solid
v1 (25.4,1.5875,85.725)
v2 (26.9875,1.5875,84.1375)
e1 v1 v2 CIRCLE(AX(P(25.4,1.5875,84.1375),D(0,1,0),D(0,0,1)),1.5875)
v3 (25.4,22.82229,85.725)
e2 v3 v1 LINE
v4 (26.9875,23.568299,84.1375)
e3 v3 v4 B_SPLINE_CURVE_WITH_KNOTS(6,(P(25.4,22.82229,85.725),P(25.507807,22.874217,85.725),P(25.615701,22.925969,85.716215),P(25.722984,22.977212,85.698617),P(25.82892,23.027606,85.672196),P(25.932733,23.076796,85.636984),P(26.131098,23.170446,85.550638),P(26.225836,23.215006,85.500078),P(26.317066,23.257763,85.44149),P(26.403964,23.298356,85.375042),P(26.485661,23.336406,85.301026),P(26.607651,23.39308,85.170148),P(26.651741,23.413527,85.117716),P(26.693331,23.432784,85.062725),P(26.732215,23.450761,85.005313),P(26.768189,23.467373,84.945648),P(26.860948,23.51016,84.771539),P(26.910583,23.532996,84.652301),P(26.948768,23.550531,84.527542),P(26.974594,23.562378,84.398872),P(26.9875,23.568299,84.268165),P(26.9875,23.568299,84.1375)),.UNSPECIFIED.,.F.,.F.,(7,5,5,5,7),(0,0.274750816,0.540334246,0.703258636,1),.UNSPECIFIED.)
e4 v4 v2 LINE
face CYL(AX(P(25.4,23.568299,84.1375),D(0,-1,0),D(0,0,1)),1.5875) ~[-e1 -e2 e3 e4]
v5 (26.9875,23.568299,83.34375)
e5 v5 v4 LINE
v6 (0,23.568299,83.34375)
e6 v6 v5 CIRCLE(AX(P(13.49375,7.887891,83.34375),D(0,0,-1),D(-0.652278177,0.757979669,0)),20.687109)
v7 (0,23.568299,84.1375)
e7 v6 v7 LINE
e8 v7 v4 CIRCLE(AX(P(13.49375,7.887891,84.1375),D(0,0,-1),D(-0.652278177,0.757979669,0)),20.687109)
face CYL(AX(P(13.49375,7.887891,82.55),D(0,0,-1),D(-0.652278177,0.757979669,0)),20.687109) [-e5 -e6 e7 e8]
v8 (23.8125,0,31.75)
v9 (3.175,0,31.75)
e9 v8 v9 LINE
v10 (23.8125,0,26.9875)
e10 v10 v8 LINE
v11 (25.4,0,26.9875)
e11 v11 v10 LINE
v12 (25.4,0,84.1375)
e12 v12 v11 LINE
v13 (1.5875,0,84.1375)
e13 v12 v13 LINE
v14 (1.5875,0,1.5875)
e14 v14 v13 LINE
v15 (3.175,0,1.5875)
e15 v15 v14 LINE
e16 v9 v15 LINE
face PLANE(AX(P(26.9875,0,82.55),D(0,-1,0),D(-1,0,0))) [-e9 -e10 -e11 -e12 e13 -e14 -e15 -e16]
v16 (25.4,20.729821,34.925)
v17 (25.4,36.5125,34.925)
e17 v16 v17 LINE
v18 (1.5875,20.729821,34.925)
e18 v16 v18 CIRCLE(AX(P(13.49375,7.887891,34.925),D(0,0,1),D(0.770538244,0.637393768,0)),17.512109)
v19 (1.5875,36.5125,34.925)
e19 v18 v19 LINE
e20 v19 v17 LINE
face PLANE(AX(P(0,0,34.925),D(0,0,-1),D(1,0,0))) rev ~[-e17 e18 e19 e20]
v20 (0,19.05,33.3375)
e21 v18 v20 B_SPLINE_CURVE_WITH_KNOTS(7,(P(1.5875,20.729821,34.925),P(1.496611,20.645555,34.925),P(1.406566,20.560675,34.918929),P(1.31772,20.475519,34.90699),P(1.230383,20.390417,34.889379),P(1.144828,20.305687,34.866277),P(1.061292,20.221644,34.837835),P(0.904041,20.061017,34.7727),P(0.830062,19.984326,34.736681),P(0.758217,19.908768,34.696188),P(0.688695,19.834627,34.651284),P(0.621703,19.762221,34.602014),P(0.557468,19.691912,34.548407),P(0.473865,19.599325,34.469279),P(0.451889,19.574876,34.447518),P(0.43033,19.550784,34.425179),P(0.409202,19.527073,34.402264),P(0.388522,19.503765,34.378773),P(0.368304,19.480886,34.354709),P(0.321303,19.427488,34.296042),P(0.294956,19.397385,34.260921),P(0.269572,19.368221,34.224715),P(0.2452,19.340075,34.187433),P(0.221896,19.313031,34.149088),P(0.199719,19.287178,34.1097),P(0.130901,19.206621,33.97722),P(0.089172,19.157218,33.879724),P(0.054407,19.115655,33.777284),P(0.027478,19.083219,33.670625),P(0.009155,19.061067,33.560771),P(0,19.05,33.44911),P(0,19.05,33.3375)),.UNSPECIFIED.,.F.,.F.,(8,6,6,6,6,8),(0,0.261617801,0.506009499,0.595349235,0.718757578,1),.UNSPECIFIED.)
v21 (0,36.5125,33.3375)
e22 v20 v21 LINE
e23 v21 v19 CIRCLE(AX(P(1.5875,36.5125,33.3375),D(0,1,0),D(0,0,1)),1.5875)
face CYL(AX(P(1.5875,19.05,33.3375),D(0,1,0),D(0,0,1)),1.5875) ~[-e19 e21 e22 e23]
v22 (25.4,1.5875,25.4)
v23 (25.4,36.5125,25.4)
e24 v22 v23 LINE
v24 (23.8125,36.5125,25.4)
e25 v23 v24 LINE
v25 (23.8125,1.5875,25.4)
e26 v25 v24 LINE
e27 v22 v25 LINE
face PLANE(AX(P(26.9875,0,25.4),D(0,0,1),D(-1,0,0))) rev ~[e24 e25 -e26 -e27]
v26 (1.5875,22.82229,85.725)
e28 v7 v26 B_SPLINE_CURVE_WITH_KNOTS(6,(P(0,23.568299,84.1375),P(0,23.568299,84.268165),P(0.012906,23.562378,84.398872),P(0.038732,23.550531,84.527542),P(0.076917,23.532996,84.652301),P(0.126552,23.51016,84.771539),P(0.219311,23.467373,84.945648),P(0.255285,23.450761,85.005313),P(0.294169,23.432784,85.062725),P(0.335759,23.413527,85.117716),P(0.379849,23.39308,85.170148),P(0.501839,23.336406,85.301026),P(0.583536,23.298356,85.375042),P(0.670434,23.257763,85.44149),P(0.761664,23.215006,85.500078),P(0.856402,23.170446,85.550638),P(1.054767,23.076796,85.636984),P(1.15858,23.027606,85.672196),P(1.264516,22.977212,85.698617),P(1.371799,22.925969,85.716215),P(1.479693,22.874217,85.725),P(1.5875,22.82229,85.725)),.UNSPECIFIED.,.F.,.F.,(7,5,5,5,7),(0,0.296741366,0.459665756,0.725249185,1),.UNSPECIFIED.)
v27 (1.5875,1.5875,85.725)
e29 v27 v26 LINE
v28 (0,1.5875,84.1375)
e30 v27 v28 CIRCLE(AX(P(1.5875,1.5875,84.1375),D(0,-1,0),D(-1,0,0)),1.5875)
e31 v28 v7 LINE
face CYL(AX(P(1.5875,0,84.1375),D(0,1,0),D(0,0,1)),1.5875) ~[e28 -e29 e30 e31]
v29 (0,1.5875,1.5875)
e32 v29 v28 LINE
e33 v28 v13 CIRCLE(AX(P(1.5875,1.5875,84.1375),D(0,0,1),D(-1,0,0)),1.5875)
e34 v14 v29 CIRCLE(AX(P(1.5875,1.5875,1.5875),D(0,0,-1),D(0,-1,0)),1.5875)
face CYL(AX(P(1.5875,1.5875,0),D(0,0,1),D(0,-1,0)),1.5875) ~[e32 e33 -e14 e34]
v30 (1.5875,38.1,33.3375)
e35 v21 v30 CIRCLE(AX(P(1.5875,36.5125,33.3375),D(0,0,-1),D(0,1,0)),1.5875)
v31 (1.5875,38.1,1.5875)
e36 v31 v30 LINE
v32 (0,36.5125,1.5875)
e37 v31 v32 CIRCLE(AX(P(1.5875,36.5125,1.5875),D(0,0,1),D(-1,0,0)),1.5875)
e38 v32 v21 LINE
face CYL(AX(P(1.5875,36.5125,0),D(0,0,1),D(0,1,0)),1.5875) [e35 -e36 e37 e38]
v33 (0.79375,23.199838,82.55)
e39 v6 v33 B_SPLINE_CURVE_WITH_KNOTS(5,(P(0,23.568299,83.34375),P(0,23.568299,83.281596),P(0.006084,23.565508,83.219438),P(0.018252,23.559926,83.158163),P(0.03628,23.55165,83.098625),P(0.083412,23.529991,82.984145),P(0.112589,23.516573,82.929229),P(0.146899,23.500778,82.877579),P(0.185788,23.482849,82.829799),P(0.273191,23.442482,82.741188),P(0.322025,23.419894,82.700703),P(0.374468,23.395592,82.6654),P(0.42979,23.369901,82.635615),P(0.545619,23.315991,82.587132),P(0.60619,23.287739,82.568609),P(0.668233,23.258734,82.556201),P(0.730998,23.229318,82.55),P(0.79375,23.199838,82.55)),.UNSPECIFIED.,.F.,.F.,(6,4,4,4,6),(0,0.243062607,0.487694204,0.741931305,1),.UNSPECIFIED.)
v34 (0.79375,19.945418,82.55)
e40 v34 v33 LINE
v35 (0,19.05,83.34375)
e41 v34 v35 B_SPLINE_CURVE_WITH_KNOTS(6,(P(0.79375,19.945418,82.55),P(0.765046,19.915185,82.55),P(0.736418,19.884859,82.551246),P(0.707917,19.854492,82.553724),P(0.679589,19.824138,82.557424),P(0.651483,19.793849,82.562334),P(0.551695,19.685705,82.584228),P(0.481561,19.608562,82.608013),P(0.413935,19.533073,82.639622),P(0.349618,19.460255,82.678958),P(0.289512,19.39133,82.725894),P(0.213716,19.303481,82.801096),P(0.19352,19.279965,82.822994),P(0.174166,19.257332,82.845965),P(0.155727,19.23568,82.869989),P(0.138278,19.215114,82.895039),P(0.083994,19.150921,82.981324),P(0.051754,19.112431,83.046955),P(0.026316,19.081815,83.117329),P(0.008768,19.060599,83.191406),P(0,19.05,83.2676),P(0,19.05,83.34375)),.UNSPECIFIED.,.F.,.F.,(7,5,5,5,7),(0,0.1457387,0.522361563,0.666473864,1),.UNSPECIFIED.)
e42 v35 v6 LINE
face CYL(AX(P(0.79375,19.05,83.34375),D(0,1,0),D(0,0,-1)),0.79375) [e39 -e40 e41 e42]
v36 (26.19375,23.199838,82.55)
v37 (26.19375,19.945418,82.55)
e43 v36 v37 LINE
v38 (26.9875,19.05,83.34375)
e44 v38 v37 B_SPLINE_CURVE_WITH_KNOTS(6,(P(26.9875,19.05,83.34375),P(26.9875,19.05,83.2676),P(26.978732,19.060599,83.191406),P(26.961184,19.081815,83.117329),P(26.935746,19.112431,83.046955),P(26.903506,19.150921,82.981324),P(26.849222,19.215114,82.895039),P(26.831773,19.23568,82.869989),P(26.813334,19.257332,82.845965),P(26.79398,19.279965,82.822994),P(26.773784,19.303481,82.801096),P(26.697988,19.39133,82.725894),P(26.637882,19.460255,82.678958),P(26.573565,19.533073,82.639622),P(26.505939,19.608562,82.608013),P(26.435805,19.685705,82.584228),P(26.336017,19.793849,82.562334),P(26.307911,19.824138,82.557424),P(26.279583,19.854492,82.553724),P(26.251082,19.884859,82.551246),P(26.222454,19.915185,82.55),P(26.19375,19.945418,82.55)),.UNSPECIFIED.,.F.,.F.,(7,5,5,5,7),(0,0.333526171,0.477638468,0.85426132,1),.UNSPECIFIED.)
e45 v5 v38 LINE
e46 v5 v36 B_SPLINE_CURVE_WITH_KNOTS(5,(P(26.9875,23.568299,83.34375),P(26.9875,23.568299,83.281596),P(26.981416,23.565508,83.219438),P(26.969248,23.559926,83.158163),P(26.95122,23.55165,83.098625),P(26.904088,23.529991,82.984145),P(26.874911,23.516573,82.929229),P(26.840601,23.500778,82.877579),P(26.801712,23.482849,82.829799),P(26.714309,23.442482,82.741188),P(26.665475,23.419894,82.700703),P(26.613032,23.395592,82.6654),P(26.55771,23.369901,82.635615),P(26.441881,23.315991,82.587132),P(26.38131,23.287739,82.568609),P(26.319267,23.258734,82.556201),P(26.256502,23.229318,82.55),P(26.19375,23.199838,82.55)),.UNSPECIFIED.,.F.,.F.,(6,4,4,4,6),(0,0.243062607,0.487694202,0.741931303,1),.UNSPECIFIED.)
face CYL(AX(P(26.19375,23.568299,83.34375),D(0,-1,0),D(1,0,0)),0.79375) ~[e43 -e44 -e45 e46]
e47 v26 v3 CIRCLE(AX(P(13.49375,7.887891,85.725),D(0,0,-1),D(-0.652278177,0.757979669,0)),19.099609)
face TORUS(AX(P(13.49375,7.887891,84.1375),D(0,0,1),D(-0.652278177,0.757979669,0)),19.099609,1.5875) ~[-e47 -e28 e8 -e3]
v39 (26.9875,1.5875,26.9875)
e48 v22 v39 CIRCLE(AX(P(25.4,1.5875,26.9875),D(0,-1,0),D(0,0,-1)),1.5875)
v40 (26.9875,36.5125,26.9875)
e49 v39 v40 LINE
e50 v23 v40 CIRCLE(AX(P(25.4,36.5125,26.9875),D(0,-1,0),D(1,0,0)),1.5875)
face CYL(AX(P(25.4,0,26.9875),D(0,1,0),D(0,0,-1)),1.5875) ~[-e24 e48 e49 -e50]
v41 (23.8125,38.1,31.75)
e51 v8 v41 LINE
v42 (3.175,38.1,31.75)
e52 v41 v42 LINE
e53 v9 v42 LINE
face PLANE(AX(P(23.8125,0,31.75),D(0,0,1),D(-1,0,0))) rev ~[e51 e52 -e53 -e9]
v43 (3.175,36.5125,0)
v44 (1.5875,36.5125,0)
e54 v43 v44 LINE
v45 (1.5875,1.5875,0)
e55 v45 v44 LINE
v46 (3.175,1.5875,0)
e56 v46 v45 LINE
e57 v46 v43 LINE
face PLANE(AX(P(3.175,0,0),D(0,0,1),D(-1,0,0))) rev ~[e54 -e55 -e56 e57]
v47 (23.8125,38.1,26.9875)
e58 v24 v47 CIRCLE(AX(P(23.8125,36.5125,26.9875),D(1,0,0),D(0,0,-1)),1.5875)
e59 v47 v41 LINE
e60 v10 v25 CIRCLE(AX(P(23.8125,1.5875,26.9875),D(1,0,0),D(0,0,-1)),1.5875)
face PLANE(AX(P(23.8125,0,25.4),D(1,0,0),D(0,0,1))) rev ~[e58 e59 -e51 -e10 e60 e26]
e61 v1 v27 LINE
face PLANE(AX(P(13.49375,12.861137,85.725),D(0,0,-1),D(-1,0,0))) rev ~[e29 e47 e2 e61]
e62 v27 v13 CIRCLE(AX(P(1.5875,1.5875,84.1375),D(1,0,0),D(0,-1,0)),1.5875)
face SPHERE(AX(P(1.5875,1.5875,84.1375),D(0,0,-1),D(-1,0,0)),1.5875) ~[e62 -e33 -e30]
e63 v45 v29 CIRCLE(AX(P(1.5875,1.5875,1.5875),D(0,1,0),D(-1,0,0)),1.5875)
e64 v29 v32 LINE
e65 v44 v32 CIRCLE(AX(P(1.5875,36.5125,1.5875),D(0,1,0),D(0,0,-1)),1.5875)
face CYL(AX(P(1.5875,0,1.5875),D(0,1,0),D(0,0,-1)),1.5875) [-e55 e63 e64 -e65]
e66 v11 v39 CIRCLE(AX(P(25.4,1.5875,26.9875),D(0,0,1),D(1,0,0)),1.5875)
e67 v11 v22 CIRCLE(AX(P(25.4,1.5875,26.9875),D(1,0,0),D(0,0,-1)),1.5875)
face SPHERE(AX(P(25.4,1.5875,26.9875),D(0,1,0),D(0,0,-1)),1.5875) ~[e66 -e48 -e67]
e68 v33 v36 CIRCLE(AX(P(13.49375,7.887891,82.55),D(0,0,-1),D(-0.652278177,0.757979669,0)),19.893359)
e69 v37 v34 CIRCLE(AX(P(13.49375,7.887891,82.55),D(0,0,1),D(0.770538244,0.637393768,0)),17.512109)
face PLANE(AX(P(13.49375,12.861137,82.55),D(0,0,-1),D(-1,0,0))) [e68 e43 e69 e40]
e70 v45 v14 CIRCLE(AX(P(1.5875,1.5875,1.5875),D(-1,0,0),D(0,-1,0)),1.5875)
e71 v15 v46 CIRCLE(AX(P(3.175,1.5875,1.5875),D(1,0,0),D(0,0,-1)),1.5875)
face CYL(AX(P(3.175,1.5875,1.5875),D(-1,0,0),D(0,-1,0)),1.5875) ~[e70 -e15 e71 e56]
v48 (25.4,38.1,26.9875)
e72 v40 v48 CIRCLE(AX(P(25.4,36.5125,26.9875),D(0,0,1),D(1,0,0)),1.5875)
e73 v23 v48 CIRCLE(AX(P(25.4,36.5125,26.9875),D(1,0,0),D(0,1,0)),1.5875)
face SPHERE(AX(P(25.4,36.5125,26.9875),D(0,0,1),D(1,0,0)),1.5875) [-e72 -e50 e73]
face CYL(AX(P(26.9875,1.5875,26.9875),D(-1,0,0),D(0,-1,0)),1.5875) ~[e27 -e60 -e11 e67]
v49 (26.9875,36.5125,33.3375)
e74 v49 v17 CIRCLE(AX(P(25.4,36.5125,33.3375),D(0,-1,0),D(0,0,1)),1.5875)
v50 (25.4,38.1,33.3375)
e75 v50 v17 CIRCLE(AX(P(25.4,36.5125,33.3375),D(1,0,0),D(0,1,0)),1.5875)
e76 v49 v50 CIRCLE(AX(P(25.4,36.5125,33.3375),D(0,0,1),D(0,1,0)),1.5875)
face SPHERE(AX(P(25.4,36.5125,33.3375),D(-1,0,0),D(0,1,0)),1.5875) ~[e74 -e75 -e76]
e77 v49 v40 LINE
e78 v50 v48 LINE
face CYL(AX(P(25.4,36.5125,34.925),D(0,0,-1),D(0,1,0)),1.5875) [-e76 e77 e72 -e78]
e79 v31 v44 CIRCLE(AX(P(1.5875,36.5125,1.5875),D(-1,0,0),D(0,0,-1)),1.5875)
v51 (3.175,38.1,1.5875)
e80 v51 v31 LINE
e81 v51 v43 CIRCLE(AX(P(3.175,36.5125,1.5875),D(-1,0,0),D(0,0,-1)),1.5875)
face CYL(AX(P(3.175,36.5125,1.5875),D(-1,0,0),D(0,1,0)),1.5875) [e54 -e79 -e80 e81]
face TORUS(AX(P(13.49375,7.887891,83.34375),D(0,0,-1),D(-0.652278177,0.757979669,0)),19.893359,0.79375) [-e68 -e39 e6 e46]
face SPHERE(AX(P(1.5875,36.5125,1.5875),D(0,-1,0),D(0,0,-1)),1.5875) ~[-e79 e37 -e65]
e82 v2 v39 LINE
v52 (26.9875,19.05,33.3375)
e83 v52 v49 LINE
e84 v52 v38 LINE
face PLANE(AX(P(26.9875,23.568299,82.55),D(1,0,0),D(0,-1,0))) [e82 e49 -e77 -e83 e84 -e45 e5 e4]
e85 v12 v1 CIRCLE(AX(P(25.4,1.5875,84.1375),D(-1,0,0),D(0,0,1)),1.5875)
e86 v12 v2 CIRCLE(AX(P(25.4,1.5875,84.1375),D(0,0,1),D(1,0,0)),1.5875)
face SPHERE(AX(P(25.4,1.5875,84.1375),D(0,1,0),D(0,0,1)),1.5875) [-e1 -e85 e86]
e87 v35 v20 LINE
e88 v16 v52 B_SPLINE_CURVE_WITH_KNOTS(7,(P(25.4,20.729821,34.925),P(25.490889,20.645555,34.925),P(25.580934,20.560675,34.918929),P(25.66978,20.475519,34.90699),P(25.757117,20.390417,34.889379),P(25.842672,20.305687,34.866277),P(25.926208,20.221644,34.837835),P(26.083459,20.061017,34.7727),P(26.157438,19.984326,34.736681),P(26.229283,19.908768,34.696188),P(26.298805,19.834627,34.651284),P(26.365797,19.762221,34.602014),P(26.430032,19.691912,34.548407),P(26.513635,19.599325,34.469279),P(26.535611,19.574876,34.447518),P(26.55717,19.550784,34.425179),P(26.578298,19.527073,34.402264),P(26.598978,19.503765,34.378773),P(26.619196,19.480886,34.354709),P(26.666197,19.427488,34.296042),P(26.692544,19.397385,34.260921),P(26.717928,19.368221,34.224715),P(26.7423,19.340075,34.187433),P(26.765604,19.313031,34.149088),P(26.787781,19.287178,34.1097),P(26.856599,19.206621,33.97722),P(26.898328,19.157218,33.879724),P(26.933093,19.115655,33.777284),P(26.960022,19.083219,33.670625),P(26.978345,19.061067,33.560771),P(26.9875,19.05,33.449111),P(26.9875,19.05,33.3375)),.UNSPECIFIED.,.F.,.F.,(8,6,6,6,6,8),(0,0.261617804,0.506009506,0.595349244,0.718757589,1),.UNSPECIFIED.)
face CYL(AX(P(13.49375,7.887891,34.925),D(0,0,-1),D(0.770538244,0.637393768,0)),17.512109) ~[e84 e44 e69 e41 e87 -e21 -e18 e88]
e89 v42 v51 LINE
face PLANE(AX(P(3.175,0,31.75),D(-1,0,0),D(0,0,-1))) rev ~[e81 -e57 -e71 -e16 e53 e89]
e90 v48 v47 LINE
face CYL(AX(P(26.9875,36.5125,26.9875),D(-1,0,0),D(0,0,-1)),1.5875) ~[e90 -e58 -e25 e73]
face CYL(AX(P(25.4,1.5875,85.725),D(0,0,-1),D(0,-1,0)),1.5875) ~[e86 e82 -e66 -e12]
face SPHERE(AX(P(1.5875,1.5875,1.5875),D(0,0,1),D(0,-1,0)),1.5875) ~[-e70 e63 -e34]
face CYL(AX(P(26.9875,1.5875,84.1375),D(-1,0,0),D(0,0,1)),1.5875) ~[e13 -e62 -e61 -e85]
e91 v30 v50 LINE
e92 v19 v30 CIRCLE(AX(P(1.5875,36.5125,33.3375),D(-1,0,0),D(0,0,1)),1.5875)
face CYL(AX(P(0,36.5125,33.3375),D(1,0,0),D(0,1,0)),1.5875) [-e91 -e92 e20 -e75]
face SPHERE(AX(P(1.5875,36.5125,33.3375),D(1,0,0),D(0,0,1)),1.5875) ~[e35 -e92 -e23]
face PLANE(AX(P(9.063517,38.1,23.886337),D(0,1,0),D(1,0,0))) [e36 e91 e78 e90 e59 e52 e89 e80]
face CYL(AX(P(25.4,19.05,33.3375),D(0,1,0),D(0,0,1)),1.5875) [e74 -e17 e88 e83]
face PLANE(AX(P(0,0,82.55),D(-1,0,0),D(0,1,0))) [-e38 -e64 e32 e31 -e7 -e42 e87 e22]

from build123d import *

# Parameters (mm, degrees)
BOSS_EXTRUDE1_DEPTH = 38.1
BOSS_EXTRUDE2_DEPTH = 47.625
BOSS_EXTRUDE3_DEPTH = 3.175
FILLET1_R           = 1.5875
FILLET2_R           = 0.79375


with BuildPart() as part:
    # Sketch1 → Boss-Extrude1 (new body)
    with BuildSketch(Plane(origin=(0, 0, 0), x_dir=(1, 0, 0), z_dir=(0, 1, 0))):
        Polygon((0, 0), (0, -34.925), (26.9875, -34.925), (26.9875, -25.4), (23.8125, -25.4), (23.8125, -31.75), (3.175, -31.75), (3.175, 0), align=None)
    extrude(amount=BOSS_EXTRUDE1_DEPTH)

    # Sketch2 → Boss-Extrude2 (add)
    with BuildSketch(Plane.XY.offset(34.925)):
        with BuildLine():
            Line((0, 19.05), (0, 0))
            Line((0, 0), (26.9875, 0))
            Line((26.9875, 0), (26.9875, 19.05))
            ThreePointArc((26.9875, 19.05), (13.49375, 25.4), (0, 19.05))
        make_face()
    extrude(amount=BOSS_EXTRUDE2_DEPTH)

    # Sketch3 → Boss-Extrude3 (add)
    with BuildSketch(Plane.XY.offset(82.55)):
        with BuildLine():
            Line((0, 19.05), (0, 23.56829895))
            ThreePointArc((0, 23.56829895), (13.49375, 28.575), (26.9875, 23.56829895))
            Line((26.9875, 23.56829895), (26.9875, 19.05))
            Line((26.9875, 19.05), (26.9875, 0))
            Line((26.9875, 0), (0, 0))
            Line((0, 0), (0, 19.05))
        make_face()
    extrude(amount=BOSS_EXTRUDE3_DEPTH)

    # Fillet1
    fillet1_edges = [part.edges().sort_by_distance(p)[0] for p in [
        (13.49375, 38.1, 34.925),
        (0, 0, 42.8625),
        (1.5875, 0, 0),
        (26.9875, 38.1, 30.1625),
        (26.9875, 19.05, 25.4),
        (26.9875, 28.575, 34.925),
        (0, 28.575, 34.925),
        (0, 19.05, 0),
        (25.4, 38.1, 25.4),
        (26.9875, 11.784149475, 85.725),
        (13.49375, 28.575, 85.725),
        (0, 11.784149475, 85.725),
        (13.49375, 0, 85.725),
        (1.5875, 38.1, 0),
        (0, 38.1, 17.4625),
        (25.4, 0, 25.4),
        (26.9875, 0, 55.5625),
    ]]
    fillet(fillet1_edges, radius=FILLET1_R)

    # Fillet2
    fillet2_edges = [part.edges().sort_by_distance(p)[0] for p in [
        (26.9875, 21.309149475, 82.55),
        (13.49375, 28.575, 82.55),
        (0, 21.309149475, 82.55),
    ]]
    fillet(fillet2_edges, radius=FILLET2_R)


solid = part.part
